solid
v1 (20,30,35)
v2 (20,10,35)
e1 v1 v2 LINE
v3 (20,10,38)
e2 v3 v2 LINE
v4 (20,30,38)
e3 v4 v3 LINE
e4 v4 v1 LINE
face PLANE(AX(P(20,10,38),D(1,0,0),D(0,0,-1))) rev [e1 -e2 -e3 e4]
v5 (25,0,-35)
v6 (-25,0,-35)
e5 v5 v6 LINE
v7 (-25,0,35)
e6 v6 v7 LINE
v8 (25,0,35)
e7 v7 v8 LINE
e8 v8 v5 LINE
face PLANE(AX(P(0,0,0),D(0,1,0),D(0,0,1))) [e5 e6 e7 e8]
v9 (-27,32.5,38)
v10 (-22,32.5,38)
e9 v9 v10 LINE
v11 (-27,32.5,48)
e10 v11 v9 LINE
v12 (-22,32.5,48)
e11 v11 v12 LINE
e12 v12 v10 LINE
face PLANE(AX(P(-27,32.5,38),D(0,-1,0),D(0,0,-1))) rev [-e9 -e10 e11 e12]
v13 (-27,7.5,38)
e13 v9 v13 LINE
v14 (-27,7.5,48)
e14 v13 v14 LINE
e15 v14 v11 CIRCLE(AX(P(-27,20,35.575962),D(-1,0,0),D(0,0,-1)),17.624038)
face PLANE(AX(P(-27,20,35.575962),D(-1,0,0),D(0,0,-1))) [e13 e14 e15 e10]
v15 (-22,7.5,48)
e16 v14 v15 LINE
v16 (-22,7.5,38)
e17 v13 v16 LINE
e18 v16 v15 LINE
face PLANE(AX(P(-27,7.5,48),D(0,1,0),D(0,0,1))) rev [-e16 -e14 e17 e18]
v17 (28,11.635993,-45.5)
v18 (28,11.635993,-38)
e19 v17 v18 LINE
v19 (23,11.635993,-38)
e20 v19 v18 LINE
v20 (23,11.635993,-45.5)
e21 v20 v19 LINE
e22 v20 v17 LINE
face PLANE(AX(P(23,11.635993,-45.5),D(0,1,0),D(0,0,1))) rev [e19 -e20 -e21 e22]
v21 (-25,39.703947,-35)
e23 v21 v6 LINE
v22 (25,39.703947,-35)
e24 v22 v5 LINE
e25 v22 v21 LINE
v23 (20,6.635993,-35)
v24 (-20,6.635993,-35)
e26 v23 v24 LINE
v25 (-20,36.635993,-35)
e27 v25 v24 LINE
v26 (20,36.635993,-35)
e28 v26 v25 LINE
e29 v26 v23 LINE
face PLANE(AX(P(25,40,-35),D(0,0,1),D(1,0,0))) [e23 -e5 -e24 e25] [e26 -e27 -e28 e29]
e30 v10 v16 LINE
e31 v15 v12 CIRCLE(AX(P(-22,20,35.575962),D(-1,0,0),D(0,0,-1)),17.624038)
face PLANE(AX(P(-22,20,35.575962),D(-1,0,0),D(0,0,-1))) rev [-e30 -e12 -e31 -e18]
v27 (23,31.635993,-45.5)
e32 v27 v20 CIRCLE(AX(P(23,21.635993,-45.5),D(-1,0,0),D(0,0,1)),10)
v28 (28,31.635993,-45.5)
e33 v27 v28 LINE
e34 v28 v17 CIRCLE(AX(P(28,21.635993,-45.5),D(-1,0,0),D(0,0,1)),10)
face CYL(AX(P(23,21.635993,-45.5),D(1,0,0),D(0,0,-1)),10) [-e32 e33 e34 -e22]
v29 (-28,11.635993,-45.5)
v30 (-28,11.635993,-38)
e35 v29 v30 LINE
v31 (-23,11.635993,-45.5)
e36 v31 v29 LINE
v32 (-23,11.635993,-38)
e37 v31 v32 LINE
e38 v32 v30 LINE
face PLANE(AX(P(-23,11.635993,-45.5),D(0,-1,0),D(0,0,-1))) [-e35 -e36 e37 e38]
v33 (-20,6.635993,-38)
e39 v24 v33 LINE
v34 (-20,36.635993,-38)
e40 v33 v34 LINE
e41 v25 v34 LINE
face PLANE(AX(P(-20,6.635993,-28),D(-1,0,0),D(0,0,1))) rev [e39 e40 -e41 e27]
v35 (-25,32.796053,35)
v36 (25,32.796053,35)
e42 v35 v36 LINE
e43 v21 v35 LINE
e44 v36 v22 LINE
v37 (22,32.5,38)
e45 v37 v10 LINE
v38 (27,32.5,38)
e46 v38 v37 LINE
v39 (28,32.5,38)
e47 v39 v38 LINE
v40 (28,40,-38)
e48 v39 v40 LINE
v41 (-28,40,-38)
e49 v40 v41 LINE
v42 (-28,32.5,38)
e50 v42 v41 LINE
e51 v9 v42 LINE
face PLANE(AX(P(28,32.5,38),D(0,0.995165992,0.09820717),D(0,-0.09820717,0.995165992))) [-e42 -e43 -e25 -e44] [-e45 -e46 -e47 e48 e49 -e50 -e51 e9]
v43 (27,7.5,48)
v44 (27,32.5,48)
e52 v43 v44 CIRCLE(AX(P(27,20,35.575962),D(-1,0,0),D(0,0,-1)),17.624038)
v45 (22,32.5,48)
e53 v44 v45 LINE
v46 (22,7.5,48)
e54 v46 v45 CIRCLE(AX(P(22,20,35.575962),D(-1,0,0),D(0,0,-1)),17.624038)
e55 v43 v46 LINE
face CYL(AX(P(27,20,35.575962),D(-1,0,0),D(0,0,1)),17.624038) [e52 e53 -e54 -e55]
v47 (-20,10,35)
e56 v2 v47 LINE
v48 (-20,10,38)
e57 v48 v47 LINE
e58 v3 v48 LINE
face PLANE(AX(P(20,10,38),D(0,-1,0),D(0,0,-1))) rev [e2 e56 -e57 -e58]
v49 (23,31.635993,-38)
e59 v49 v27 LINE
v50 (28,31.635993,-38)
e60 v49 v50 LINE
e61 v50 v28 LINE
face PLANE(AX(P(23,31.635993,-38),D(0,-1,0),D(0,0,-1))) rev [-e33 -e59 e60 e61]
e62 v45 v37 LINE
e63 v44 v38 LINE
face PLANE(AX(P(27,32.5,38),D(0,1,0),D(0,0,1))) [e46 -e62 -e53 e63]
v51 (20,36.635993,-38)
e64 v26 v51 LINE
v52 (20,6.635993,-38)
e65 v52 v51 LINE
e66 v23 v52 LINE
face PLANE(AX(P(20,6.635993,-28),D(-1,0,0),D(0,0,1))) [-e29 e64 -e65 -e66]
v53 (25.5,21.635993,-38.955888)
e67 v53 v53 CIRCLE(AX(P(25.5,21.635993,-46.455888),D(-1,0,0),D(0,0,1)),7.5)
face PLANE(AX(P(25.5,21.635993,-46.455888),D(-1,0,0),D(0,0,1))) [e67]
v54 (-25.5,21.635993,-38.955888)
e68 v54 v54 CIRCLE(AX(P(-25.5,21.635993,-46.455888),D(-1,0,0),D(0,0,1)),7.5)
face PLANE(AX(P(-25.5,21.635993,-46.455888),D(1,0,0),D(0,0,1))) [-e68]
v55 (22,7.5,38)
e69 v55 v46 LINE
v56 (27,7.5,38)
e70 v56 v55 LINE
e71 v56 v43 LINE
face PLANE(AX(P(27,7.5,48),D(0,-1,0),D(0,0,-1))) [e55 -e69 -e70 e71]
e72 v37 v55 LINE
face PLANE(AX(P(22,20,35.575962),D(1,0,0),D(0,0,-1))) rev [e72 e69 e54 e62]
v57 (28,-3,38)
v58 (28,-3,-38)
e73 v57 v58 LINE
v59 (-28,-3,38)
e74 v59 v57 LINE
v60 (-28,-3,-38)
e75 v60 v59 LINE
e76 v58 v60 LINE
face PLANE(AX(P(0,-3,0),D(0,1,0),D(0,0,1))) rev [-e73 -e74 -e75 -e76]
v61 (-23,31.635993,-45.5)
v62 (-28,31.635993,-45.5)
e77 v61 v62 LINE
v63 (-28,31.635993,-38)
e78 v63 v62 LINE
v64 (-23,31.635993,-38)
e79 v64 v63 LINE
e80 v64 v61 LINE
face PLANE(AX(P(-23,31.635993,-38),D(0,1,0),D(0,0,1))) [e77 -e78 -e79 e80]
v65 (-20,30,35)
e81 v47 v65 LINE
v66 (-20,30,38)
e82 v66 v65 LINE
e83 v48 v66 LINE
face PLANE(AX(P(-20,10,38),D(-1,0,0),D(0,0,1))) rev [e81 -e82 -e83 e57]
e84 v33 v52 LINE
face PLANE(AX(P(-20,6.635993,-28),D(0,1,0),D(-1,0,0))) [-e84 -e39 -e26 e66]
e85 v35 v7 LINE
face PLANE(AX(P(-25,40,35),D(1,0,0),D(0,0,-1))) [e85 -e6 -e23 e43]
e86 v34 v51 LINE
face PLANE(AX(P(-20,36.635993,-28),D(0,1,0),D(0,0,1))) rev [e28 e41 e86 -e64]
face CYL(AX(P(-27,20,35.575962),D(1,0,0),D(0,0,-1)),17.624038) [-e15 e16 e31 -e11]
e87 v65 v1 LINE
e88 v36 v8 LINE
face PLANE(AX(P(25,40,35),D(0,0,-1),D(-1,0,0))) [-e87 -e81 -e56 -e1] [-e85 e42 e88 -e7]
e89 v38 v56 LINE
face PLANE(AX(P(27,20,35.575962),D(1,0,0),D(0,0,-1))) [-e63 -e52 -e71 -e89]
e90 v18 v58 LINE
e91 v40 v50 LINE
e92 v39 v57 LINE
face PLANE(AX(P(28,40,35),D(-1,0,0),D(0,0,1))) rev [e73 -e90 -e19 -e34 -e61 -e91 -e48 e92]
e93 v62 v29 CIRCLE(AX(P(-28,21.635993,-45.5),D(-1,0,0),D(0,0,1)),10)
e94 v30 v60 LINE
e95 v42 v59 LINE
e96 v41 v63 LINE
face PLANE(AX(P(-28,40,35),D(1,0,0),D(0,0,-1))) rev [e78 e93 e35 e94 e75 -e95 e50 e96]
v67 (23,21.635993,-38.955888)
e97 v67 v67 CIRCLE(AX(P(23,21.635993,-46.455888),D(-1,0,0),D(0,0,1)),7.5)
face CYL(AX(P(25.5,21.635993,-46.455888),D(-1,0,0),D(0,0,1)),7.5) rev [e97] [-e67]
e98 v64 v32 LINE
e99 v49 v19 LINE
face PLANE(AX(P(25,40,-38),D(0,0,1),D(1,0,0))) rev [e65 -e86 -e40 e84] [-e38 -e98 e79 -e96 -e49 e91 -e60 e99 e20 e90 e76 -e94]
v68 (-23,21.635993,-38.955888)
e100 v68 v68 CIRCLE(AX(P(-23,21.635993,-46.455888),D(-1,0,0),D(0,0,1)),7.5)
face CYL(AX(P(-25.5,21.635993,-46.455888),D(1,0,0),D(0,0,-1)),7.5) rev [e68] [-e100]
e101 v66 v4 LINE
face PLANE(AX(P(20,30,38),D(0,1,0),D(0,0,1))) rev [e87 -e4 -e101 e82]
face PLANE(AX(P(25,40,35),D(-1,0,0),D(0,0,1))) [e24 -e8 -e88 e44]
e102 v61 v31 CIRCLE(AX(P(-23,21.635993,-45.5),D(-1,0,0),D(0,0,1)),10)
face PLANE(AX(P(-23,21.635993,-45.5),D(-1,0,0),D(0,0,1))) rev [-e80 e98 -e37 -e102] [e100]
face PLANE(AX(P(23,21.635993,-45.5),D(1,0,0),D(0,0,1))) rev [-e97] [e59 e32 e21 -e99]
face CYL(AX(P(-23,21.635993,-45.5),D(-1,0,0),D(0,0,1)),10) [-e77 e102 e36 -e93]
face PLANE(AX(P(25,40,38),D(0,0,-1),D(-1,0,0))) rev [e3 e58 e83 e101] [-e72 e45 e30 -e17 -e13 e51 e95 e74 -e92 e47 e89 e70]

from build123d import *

# Parameters (mm, degrees)
SKETCH1_W           = 50
SKETCH1_H           = 70
BOSS_EXTRUDE1_DEPTH = 40
SHELL1_T            = 3
BOSS_EXTRUDE2_START = -2
BOSS_EXTRUDE2_DEPTH = 5
CUT_EXTRUDE1_DEPTH  = 87.984136485
BOSS_EXTRUDE4_DEPTH = 5
SKETCH8_R           = 7.5
CUT_EXTRUDE2_DEPTH  = 2.5
SKETCH9_W           = 40
SKETCH9_H           = 30
CUT_EXTRUDE3_DEPTH  = 10
CUT_EXTRUDE4_DEPTH  = 10


with BuildPart() as part:
    # Sketch1 → Boss-Extrude1 (new body)
    with BuildSketch(Plane(origin=(0, 0, 0), x_dir=(1, 0, 0), z_dir=(0, 1, 0))):
        Rectangle(SKETCH1_W, SKETCH1_H)
    extrude(amount=BOSS_EXTRUDE1_DEPTH)

    # Shell1
    shell1_openings = [part.faces().sort_by_distance(p)[0] for p in [
        (0, 40, 0),
    ]]
    offset(amount=SHELL1_T, openings=shell1_openings, kind=Kind.INTERSECTION)

    # Sketch2 → Boss-Extrude2 (add)
    with BuildSketch(Plane.ZY.offset(-25).offset(BOSS_EXTRUDE2_START)):
        with BuildLine():
            Line((38, 32.5), (48, 32.5))
            ThreePointArc((48, 32.5), (53.2, 20), (48, 7.5))
            Line((48, 7.5), (38, 7.5))
            Line((38, 7.5), (38, 32.5))
        make_face()
    boss_extrude2 = extrude(amount=BOSS_EXTRUDE2_DEPTH)

    # Mirror1: Boss-Extrude2 across plane
    add(boss_extrude2.mirror(Plane.ZY))

    # Sketch4 → Cut-Extrude1 (cut, through all)
    with BuildSketch(Plane.ZY.offset(28)):
        Polygon((-38, 40), (38, 40), (38, 32.5), align=None)
    extrude(amount=-CUT_EXTRUDE1_DEPTH, mode=Mode.SUBTRACT)

    # Sketch7 → Boss-Extrude4 (add)
    with BuildSketch(Plane.ZY.offset(28)):
        with BuildLine():
            Line((-38, 31.635993136), (-45.5, 31.635993136))
            ThreePointArc((-45.5, 31.635993136), (-55.5, 21.635993136), (-45.5, 11.635993136))
            Line((-45.5, 11.635993136), (-38, 11.635993136))
            Line((-38, 11.635993136), (-38, 31.635993136))
        make_face()
    boss_extrude4 = extrude(amount=-BOSS_EXTRUDE4_DEPTH)

    # Mirror3: Boss-Extrude4 across plane
    add(boss_extrude4.mirror(Plane.ZY))

    # Sketch8 → Cut-Extrude2 (cut)
    with BuildSketch(Plane.ZY.offset(-23)):
        with Locations((-46.455887692, 21.635993136)):
            Circle(SKETCH8_R)
    cut_extrude2 = extrude(amount=-CUT_EXTRUDE2_DEPTH, mode=Mode.SUBTRACT)

    # Mirror4: Cut-Extrude2 across plane
    add(cut_extrude2.mirror(Plane.ZY), mode=Mode.SUBTRACT)

    # Sketch9 → Cut-Extrude3 (cut)
    with BuildSketch(Plane(origin=(0, 0, -38), x_dir=(-1, 0, 0), z_dir=(0, 0, -1))):
        with Locations((0, 21.635993136)):
            Rectangle(SKETCH9_W, SKETCH9_H)
    extrude(amount=-CUT_EXTRUDE3_DEPTH, mode=Mode.SUBTRACT)

    # 3DSketch1 → Cut-Extrude4 (cut)
    with BuildSketch(Plane(origin=(20, 10, 38), x_dir=(-0.894427190999916, 0.447213595499958, 0), z_dir=(0, 0, 1))):
        Polygon((0, 0), (35.77708764, 17.88854382), (44.72135955, 0), (8.94427191, -17.88854382), align=None)
    extrude(amount=-CUT_EXTRUDE4_DEPTH, mode=Mode.SUBTRACT)


solid = part.part
